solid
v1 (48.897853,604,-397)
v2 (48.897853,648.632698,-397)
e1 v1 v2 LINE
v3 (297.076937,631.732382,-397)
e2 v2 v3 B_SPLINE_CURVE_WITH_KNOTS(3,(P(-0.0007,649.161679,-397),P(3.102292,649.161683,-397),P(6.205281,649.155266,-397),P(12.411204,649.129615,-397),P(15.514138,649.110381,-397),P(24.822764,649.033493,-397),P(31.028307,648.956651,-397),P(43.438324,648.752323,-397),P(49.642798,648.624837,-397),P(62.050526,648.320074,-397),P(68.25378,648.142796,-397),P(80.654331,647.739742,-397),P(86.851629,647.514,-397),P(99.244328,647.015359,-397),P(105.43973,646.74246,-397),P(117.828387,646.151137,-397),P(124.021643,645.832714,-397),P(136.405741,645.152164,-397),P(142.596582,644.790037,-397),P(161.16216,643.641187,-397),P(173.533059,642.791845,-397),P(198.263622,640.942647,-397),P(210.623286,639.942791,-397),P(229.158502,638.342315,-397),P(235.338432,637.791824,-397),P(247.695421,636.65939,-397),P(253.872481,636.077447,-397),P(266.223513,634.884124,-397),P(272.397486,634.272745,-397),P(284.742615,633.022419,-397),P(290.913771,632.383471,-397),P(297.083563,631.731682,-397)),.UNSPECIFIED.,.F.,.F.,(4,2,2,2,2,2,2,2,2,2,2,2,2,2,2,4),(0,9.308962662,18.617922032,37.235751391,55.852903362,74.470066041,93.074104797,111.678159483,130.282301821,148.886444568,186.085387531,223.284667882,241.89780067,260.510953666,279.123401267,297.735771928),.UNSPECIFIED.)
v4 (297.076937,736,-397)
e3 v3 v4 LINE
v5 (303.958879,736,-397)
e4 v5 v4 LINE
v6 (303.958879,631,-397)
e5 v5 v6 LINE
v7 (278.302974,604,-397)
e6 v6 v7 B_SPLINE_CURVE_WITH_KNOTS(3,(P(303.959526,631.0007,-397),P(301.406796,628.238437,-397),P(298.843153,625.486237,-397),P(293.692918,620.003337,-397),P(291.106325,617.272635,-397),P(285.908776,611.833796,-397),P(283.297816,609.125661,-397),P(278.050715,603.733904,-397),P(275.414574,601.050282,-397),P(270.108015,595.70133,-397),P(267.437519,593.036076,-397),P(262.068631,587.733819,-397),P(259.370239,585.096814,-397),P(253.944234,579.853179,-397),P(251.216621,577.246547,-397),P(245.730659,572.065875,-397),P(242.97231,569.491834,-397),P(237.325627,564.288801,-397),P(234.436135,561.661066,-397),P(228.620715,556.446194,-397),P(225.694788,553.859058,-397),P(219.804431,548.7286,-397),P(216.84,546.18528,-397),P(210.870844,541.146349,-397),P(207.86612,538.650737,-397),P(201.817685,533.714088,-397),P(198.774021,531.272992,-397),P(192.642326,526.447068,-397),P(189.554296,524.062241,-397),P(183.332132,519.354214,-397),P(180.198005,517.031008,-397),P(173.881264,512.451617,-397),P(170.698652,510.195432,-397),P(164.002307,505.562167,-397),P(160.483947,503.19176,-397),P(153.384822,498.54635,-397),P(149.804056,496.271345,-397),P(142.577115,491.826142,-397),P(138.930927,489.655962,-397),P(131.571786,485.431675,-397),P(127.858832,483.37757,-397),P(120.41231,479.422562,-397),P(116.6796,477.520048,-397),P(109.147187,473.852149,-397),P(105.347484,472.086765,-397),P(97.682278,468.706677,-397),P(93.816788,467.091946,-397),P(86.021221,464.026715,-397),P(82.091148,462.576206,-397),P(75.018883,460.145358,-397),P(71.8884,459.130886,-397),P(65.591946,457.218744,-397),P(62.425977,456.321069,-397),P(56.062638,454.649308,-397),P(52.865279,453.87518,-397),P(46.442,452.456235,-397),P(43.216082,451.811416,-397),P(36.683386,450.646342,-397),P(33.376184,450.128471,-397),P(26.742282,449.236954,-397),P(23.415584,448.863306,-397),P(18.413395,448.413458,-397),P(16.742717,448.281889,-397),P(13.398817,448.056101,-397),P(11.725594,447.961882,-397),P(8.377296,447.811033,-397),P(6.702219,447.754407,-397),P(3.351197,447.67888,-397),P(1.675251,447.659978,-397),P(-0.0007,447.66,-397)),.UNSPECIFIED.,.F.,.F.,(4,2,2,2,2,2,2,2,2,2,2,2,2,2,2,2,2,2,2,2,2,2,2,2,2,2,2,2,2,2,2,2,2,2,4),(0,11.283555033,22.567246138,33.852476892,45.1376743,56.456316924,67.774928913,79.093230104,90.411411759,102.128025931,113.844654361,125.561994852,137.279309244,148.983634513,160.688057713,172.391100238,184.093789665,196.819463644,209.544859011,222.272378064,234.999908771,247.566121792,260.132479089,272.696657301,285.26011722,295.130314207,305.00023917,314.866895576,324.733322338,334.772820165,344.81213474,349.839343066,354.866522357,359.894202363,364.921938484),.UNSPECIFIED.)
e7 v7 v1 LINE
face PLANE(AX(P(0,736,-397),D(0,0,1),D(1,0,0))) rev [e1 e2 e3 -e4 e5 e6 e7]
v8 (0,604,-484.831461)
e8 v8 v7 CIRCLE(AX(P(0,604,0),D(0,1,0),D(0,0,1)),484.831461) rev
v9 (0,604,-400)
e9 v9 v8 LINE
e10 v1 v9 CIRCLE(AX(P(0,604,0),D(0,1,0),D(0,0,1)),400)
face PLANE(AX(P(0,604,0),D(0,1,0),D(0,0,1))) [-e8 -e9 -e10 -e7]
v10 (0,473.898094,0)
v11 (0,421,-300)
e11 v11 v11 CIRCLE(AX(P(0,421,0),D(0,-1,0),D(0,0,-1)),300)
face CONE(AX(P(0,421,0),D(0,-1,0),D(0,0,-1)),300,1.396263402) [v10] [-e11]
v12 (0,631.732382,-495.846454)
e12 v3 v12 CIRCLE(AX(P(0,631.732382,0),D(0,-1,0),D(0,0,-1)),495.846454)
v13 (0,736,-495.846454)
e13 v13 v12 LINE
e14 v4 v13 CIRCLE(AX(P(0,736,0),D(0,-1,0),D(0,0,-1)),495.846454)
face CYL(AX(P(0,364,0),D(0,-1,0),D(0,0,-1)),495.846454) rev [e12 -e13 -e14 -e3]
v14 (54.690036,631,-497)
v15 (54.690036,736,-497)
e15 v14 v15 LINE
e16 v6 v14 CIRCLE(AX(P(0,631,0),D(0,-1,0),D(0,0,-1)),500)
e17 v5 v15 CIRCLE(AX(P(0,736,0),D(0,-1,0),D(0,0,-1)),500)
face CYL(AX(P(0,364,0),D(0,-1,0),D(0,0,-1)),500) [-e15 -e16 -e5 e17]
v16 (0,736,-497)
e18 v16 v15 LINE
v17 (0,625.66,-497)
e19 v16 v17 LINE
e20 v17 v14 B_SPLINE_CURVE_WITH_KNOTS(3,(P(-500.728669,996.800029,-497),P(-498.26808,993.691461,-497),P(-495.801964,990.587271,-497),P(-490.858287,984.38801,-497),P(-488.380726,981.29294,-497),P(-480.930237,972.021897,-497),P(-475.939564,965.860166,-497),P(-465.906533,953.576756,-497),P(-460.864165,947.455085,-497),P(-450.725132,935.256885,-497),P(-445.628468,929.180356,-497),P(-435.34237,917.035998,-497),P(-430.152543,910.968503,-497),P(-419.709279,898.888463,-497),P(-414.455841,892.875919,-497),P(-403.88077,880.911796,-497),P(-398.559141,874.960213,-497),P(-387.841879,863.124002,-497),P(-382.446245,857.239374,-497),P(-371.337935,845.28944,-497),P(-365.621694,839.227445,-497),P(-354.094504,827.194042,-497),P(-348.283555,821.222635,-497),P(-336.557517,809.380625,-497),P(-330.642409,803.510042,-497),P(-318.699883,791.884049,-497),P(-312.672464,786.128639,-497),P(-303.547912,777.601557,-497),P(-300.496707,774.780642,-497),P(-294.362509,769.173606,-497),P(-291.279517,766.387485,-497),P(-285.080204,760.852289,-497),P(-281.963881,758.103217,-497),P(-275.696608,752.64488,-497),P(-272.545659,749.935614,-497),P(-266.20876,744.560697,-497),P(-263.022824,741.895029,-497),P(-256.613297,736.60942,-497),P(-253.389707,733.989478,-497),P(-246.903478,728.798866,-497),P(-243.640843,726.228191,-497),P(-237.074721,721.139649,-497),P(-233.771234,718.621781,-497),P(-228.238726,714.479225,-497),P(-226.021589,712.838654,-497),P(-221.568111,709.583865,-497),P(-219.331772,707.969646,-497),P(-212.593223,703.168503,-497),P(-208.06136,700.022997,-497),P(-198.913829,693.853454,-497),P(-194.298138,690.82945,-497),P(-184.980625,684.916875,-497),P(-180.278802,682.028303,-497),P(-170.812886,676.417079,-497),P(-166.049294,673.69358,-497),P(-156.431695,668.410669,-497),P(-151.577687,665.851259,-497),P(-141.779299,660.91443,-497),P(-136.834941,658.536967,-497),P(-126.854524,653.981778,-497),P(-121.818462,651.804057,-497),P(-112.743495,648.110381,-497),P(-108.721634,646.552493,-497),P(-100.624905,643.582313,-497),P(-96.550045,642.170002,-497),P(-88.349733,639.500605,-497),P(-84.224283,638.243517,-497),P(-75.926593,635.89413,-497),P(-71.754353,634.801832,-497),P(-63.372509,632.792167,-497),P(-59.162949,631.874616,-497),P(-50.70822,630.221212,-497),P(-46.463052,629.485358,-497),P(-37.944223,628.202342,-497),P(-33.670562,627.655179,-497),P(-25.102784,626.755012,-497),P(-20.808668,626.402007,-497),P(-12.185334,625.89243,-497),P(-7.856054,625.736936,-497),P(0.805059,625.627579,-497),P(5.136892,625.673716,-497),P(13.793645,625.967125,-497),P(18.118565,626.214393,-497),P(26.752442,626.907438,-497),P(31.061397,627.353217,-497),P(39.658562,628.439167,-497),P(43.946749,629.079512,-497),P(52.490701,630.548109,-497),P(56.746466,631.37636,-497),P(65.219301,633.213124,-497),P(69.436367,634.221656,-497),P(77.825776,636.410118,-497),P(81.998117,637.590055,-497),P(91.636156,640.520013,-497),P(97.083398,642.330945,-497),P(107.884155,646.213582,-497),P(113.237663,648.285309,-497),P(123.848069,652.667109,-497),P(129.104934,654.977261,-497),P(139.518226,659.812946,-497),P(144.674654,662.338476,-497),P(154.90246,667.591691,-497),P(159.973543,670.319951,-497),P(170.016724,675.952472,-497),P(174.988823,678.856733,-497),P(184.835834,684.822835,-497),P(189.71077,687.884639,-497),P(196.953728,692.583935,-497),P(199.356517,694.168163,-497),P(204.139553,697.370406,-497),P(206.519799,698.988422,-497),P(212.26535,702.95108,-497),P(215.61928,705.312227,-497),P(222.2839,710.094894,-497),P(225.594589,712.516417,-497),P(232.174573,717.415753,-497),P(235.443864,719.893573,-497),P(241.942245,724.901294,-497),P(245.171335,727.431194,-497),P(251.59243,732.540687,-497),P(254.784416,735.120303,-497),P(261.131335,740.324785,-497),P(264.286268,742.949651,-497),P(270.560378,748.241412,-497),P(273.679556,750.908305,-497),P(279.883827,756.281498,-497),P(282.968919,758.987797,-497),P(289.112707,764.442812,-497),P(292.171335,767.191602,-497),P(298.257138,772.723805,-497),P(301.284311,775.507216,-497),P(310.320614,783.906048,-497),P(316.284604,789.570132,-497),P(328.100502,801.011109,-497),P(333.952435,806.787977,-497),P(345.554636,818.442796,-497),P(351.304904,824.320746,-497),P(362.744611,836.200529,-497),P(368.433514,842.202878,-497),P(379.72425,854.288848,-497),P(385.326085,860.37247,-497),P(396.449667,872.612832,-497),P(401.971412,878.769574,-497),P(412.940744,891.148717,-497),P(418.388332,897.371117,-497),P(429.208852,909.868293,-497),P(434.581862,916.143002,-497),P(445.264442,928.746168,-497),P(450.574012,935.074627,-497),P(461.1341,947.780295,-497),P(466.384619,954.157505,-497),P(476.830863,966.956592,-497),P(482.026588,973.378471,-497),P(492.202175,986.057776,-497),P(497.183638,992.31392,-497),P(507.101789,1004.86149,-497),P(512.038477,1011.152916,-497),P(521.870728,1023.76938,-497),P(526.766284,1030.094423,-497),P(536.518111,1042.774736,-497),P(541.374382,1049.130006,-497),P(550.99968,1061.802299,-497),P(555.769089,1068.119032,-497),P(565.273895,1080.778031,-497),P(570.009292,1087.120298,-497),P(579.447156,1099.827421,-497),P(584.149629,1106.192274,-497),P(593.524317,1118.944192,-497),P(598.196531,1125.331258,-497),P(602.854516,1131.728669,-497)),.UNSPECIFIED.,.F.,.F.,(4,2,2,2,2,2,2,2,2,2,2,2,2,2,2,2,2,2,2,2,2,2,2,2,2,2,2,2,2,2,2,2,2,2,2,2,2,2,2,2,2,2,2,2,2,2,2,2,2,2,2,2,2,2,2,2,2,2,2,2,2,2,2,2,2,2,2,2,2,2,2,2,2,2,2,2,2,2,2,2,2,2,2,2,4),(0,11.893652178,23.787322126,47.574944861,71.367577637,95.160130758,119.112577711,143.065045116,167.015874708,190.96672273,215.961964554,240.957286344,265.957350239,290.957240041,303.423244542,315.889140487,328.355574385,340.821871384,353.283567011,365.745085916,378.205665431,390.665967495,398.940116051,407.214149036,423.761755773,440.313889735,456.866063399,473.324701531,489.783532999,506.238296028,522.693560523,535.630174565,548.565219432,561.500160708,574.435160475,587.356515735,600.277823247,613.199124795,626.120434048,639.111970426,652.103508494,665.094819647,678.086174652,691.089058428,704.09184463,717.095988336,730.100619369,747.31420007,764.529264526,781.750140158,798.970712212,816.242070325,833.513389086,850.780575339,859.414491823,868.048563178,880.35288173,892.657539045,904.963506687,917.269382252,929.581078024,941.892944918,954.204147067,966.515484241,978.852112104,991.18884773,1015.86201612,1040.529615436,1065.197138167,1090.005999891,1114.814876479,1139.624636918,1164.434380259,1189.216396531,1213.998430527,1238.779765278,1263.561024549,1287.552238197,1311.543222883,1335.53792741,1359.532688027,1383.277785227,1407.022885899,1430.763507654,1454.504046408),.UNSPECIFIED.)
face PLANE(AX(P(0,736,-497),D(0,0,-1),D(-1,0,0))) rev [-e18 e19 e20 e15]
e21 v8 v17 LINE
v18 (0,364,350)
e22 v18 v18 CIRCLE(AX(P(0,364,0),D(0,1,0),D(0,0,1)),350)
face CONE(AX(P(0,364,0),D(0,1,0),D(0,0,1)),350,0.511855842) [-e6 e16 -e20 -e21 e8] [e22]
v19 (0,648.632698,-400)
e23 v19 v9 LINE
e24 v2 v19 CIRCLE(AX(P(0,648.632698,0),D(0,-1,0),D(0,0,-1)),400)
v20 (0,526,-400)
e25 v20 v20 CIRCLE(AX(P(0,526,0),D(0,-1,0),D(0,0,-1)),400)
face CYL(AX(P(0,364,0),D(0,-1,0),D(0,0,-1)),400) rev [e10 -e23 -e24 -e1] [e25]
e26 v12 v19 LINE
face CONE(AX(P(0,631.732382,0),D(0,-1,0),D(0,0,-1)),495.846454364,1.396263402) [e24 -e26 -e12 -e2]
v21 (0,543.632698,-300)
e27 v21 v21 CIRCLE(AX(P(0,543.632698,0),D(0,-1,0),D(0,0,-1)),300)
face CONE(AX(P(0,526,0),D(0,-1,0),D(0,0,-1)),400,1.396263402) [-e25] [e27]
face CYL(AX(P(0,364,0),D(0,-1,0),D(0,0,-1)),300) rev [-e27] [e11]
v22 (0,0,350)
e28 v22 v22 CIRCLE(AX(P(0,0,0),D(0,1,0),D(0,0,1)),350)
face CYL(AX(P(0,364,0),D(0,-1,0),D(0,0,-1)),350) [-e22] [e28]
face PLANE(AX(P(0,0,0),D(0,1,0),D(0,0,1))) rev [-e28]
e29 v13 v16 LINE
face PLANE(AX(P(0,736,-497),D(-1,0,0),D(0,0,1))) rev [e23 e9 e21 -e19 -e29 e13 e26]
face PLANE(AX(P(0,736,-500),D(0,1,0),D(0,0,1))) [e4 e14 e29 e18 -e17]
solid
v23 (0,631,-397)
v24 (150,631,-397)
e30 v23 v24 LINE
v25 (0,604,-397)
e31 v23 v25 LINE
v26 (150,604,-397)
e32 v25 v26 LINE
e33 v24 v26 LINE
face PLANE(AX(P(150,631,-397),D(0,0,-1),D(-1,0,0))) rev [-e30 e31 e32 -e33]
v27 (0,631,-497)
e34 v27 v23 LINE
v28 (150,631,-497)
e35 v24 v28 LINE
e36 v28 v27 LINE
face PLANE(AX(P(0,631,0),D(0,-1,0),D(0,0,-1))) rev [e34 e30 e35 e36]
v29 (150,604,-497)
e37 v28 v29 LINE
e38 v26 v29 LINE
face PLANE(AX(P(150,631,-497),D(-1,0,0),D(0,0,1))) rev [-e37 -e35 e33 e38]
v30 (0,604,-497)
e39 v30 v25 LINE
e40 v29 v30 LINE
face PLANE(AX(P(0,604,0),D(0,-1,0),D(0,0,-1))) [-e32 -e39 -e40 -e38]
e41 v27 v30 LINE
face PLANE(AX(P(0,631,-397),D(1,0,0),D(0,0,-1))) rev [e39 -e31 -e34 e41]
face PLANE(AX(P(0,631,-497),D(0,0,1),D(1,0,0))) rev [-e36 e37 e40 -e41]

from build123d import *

# Parameters (mm, degrees)
SKETCH1_R           = 350
BOSS_EXTRUDE1_DEPTH = 364
SKETCH6_W           = 1000
SKETCH6_H           = 100
CUT_EXTRUDE1_DEPTH  = 133
SKETCH4_W           = 150
SKETCH4_H           = 100
BOSS_EXTRUDE2_DEPTH = 27


with BuildPart() as part:
    # Sketch1 → Boss-Extrude1 (new body)
    with BuildSketch(Plane(origin=(0, 0, 0), x_dir=(1, 0, 0), z_dir=(0, 1, 0))):
        Circle(SKETCH1_R)
    extrude(amount=BOSS_EXTRUDE1_DEPTH)

    # Sketch3 → Revolve1 (revolve)
    with BuildSketch(Plane(origin=(0, 0, 0), x_dir=(0, 0, -1), z_dir=(1, 0, 0))):
        Polygon((350, 364), (500, 631), (500, 736), (495.846454364, 736), (495.846454364, 631.732382161), (400, 648.632698071), (400, 526), (300, 543.632698071), (300, 421), (0, 473.898094213), (0, 364), align=None)
    revolve(axis=Axis((0, 364, 0), (0, 1, 0)))

    # Sketch6 → Cut-Extrude1 (cut, through all)
    with BuildSketch(Plane(origin=(0, 604, 0), x_dir=(-1, 0, 0), z_dir=(0, -1, 0))):
        with Locations((-500, 447)):
            Rectangle(SKETCH6_W, SKETCH6_H)
    extrude(amount=-CUT_EXTRUDE1_DEPTH, mode=Mode.SUBTRACT)


with BuildPart() as body_2:
    # Sketch4 → Boss-Extrude2 (new body)
    with BuildSketch(Plane(origin=(0, 604, 0), x_dir=(1, 0, 0), z_dir=(0, 1, 0))):
        with Locations((75, 447)):
            Rectangle(SKETCH4_W, SKETCH4_H)
    extrude(amount=BOSS_EXTRUDE2_DEPTH)


solid = Compound([part.part, body_2.part])
